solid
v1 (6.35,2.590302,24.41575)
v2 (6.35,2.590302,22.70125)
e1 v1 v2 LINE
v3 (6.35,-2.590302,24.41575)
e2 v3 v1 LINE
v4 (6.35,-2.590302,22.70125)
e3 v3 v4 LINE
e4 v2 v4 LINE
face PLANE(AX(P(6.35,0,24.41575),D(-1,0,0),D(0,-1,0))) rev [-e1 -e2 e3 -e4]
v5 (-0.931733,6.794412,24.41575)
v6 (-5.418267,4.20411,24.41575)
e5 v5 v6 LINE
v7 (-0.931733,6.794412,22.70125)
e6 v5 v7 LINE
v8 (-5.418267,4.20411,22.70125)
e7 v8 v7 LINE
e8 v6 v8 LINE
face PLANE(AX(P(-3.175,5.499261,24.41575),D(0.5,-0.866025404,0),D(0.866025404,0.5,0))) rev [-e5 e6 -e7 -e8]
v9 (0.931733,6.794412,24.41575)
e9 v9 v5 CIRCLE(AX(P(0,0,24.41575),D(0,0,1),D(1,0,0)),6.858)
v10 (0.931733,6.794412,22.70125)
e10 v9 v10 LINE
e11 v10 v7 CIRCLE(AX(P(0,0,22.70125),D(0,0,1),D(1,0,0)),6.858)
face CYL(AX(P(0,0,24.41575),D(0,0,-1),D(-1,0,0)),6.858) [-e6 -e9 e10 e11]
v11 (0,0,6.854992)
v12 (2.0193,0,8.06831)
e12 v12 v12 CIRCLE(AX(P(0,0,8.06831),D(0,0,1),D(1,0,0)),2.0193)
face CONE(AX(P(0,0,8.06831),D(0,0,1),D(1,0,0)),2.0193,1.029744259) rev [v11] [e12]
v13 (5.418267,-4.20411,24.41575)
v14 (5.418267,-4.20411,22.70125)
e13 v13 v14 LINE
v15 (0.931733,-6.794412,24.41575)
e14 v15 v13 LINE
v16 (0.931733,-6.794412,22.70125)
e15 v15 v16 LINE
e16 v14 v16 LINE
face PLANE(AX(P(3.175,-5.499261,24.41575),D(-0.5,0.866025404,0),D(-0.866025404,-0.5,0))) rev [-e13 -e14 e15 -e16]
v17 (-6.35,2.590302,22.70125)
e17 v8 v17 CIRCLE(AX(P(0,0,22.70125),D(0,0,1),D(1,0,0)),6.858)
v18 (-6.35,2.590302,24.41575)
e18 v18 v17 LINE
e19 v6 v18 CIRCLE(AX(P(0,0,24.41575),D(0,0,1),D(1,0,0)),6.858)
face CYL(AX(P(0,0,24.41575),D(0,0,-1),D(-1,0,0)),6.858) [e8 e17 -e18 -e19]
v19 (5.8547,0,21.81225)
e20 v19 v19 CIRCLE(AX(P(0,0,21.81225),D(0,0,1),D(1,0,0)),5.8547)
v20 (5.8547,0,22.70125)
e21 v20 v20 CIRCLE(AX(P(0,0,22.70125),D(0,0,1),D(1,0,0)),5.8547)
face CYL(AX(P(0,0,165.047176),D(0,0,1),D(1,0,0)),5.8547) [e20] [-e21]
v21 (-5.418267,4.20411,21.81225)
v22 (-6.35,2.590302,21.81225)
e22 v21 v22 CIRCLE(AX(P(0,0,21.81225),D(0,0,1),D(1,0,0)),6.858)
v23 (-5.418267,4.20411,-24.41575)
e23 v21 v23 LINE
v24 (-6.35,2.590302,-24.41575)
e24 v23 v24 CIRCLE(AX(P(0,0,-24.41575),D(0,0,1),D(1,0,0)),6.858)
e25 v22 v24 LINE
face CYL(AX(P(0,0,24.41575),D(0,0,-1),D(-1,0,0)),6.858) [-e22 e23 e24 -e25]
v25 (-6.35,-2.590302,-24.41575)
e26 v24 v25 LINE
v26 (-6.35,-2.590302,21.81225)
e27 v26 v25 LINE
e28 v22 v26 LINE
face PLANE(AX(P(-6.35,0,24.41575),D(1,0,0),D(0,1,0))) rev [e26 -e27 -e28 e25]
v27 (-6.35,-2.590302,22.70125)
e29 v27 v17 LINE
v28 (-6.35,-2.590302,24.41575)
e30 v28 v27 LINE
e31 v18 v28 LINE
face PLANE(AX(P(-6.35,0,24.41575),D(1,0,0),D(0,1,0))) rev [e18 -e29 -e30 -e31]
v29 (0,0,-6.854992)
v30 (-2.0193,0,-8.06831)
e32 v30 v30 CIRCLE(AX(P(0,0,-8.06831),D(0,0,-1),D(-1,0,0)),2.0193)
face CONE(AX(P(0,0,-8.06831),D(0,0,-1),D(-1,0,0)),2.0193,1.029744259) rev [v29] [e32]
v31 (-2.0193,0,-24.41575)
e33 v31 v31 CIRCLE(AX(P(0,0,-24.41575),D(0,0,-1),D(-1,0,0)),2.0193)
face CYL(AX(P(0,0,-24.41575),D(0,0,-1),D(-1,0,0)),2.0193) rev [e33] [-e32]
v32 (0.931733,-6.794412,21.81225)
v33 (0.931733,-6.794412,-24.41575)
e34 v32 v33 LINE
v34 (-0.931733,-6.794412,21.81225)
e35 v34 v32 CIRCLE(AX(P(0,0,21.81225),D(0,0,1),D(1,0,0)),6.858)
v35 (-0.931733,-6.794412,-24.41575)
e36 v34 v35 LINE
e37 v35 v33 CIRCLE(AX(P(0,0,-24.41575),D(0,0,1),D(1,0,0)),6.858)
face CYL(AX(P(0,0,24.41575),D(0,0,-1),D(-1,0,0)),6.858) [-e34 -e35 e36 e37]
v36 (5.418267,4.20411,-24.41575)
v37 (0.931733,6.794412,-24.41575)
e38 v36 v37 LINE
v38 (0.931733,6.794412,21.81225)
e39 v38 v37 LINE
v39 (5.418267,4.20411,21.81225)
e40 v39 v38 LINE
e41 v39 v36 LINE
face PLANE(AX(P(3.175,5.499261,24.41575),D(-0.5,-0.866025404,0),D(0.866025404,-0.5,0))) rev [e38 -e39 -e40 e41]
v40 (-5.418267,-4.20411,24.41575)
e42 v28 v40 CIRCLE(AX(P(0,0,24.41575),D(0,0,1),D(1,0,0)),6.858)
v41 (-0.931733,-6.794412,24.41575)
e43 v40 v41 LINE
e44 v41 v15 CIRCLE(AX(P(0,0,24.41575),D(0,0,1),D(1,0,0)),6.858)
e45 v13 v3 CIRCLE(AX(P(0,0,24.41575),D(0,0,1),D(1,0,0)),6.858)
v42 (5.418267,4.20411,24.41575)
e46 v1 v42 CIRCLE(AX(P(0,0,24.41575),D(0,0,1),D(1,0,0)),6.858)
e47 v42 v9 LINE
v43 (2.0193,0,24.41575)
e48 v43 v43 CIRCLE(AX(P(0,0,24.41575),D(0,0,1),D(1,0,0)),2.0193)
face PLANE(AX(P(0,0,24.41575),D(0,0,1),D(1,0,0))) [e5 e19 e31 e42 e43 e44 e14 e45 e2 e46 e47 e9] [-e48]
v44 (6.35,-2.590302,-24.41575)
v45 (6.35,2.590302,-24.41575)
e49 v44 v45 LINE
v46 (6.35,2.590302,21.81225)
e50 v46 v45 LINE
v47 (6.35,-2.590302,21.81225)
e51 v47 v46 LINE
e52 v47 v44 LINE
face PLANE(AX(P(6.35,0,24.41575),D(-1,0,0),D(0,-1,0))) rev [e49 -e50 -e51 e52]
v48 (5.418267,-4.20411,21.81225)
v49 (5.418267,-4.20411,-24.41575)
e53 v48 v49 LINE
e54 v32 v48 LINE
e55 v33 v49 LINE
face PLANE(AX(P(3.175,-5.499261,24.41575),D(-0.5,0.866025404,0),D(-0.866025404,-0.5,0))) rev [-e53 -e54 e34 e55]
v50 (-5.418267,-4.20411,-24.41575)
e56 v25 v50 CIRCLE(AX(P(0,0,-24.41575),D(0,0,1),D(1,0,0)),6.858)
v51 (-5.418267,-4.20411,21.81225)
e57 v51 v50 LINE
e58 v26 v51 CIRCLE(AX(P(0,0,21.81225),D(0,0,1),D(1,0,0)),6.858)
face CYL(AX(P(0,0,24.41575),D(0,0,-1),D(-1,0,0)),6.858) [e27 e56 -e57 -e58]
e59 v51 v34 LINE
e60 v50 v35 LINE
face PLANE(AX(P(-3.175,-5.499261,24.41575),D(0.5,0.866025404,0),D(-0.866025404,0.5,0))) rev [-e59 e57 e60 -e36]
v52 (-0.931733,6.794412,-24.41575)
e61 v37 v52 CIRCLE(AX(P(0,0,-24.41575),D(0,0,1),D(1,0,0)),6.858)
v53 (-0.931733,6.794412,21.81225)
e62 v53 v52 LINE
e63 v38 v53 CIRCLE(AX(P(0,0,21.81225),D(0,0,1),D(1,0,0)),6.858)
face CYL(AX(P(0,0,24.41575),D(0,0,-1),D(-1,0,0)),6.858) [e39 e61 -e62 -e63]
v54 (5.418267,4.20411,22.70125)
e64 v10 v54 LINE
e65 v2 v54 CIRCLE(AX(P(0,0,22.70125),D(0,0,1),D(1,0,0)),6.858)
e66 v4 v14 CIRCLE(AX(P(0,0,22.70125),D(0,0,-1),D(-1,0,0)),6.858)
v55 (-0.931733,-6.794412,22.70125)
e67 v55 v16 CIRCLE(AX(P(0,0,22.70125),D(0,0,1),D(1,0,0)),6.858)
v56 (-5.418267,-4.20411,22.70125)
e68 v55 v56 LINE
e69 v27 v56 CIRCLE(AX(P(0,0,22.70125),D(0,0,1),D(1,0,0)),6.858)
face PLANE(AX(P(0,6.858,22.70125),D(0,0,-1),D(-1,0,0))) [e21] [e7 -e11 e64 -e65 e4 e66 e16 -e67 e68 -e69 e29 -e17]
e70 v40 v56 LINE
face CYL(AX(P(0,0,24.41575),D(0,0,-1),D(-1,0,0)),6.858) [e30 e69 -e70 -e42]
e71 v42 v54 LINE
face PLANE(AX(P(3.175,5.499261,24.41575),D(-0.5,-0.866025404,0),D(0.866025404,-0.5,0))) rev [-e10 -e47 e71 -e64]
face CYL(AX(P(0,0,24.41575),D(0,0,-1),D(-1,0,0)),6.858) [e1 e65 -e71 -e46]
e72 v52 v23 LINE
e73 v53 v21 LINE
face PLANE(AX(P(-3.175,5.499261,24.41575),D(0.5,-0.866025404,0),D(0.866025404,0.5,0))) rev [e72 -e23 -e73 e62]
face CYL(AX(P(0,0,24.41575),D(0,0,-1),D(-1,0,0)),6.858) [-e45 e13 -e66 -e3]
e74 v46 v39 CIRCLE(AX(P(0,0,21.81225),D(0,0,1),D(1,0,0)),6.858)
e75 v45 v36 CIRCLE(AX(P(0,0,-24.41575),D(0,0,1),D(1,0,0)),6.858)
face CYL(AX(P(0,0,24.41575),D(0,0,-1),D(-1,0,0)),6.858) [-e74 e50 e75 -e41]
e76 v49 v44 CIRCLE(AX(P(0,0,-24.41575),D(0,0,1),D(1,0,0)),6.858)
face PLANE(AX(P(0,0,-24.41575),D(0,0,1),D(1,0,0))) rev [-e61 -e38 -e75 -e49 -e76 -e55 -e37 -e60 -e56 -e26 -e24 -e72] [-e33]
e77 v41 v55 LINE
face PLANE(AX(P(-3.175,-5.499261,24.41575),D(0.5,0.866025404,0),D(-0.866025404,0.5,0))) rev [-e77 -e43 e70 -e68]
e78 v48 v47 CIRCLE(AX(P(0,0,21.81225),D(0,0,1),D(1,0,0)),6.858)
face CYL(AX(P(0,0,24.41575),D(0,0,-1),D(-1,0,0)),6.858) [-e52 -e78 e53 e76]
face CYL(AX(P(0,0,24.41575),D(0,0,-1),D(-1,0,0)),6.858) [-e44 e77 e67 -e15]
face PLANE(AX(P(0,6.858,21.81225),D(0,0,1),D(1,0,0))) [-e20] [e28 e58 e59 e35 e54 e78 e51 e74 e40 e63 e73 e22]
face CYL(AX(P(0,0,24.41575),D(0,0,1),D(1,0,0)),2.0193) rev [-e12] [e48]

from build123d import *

# Parameters (mm, degrees)
BOSS_EXTRUDE1_DEPTH                  = 24.41575
F_10_32_TAPPED_HOLE1_D               = 4.0386
F_10_32_TAPPED_HOLE1_DEPTH           = 16.34744
F_10_32_TAPPED_HOLE1_TIP             = 1.213317848
F_10_32_TAPPED_HOLE1_ON_FACE_2_D     = 4.0386
F_10_32_TAPPED_HOLE1_ON_FACE_2_DEPTH = 16.34744
F_10_32_TAPPED_HOLE1_ON_FACE_2_TIP   = 1.213317848
SKETCH5_W                            = 0.889
SKETCH5_H                            = 1.0033


with BuildPart() as part:
    # Sketch1 → Boss-Extrude1 (new, symmetric)
    with BuildSketch(Plane.XY):
        with BuildLine():
            ThreePointArc((0.93173274, 6.79441227), (0, 6.858), (-0.93173274, 6.79441227))
            Line((-0.93173274, 6.79441227), (-5.41826726, 4.204110358))
            ThreePointArc((-5.41826726, 4.204110358), (-5.939202219, 3.429), (-6.35, 2.590301913))
            Line((-6.35, 2.590301913), (-6.35, -2.590301913))
            ThreePointArc((-6.35, -2.590301913), (-5.939202219, -3.429), (-5.41826726, -4.204110358))
            Line((-5.41826726, -4.204110358), (-0.93173274, -6.79441227))
            ThreePointArc((-0.93173274, -6.79441227), (0, -6.858), (0.93173274, -6.79441227))
            Line((0.93173274, -6.79441227), (5.41826726, -4.204110358))
            ThreePointArc((5.41826726, -4.204110358), (5.939202219, -3.429), (6.35, -2.590301913))
            Line((6.35, -2.590301913), (6.35, 2.590301913))
            ThreePointArc((6.35, 2.590301913), (5.939202219, 3.429), (5.41826726, 4.204110358))
            Line((5.41826726, 4.204110358), (0.93173274, 6.79441227))
        make_face()
    extrude(amount=BOSS_EXTRUDE1_DEPTH, both=True)

    # #10-32 Tapped Hole1
    with Locations(Plane.XY.offset(24.41575)):
        with Locations((0, 0)):
            Hole(F_10_32_TAPPED_HOLE1_D / 2, depth=F_10_32_TAPPED_HOLE1_DEPTH)
            with Locations((0, 0, -(F_10_32_TAPPED_HOLE1_DEPTH + F_10_32_TAPPED_HOLE1_TIP / 2))):  # 118° drill point
                Cone(0, F_10_32_TAPPED_HOLE1_D / 2, F_10_32_TAPPED_HOLE1_TIP, mode=Mode.SUBTRACT)

    # #10-32 Tapped Hole1 on face 2
    with Locations(Plane(origin=(0, 0, -24.41575), x_dir=(-1, 0, 0), z_dir=(0, 0, -1))):
        with Locations((0, 0)):
            Hole(F_10_32_TAPPED_HOLE1_ON_FACE_2_D / 2, depth=F_10_32_TAPPED_HOLE1_ON_FACE_2_DEPTH)
            with Locations((0, 0, -(F_10_32_TAPPED_HOLE1_ON_FACE_2_DEPTH + F_10_32_TAPPED_HOLE1_ON_FACE_2_TIP / 2))):  # 118° drill point
                Cone(0, F_10_32_TAPPED_HOLE1_ON_FACE_2_D / 2, F_10_32_TAPPED_HOLE1_ON_FACE_2_TIP, mode=Mode.SUBTRACT)

    # Sketch5 → Cut-Revolve1 (revolve, cut)
    with BuildSketch(Plane(origin=(0, 0, 0), x_dir=(0, 0, -1), z_dir=(1, 0, 0)), mode=Mode.PRIVATE) as cut_revolve1_sk:
        with Locations((-22.25675, 6.35635)):
            Rectangle(SKETCH5_W, SKETCH5_H)
    revolve(cut_revolve1_sk.sketch.rotate(Axis((0, 0, 165.047176272), (0, 0, -1)), 90), axis=Axis((0, 0, 165.047176272), (0, 0, -1)), mode=Mode.SUBTRACT)


solid = part.part
